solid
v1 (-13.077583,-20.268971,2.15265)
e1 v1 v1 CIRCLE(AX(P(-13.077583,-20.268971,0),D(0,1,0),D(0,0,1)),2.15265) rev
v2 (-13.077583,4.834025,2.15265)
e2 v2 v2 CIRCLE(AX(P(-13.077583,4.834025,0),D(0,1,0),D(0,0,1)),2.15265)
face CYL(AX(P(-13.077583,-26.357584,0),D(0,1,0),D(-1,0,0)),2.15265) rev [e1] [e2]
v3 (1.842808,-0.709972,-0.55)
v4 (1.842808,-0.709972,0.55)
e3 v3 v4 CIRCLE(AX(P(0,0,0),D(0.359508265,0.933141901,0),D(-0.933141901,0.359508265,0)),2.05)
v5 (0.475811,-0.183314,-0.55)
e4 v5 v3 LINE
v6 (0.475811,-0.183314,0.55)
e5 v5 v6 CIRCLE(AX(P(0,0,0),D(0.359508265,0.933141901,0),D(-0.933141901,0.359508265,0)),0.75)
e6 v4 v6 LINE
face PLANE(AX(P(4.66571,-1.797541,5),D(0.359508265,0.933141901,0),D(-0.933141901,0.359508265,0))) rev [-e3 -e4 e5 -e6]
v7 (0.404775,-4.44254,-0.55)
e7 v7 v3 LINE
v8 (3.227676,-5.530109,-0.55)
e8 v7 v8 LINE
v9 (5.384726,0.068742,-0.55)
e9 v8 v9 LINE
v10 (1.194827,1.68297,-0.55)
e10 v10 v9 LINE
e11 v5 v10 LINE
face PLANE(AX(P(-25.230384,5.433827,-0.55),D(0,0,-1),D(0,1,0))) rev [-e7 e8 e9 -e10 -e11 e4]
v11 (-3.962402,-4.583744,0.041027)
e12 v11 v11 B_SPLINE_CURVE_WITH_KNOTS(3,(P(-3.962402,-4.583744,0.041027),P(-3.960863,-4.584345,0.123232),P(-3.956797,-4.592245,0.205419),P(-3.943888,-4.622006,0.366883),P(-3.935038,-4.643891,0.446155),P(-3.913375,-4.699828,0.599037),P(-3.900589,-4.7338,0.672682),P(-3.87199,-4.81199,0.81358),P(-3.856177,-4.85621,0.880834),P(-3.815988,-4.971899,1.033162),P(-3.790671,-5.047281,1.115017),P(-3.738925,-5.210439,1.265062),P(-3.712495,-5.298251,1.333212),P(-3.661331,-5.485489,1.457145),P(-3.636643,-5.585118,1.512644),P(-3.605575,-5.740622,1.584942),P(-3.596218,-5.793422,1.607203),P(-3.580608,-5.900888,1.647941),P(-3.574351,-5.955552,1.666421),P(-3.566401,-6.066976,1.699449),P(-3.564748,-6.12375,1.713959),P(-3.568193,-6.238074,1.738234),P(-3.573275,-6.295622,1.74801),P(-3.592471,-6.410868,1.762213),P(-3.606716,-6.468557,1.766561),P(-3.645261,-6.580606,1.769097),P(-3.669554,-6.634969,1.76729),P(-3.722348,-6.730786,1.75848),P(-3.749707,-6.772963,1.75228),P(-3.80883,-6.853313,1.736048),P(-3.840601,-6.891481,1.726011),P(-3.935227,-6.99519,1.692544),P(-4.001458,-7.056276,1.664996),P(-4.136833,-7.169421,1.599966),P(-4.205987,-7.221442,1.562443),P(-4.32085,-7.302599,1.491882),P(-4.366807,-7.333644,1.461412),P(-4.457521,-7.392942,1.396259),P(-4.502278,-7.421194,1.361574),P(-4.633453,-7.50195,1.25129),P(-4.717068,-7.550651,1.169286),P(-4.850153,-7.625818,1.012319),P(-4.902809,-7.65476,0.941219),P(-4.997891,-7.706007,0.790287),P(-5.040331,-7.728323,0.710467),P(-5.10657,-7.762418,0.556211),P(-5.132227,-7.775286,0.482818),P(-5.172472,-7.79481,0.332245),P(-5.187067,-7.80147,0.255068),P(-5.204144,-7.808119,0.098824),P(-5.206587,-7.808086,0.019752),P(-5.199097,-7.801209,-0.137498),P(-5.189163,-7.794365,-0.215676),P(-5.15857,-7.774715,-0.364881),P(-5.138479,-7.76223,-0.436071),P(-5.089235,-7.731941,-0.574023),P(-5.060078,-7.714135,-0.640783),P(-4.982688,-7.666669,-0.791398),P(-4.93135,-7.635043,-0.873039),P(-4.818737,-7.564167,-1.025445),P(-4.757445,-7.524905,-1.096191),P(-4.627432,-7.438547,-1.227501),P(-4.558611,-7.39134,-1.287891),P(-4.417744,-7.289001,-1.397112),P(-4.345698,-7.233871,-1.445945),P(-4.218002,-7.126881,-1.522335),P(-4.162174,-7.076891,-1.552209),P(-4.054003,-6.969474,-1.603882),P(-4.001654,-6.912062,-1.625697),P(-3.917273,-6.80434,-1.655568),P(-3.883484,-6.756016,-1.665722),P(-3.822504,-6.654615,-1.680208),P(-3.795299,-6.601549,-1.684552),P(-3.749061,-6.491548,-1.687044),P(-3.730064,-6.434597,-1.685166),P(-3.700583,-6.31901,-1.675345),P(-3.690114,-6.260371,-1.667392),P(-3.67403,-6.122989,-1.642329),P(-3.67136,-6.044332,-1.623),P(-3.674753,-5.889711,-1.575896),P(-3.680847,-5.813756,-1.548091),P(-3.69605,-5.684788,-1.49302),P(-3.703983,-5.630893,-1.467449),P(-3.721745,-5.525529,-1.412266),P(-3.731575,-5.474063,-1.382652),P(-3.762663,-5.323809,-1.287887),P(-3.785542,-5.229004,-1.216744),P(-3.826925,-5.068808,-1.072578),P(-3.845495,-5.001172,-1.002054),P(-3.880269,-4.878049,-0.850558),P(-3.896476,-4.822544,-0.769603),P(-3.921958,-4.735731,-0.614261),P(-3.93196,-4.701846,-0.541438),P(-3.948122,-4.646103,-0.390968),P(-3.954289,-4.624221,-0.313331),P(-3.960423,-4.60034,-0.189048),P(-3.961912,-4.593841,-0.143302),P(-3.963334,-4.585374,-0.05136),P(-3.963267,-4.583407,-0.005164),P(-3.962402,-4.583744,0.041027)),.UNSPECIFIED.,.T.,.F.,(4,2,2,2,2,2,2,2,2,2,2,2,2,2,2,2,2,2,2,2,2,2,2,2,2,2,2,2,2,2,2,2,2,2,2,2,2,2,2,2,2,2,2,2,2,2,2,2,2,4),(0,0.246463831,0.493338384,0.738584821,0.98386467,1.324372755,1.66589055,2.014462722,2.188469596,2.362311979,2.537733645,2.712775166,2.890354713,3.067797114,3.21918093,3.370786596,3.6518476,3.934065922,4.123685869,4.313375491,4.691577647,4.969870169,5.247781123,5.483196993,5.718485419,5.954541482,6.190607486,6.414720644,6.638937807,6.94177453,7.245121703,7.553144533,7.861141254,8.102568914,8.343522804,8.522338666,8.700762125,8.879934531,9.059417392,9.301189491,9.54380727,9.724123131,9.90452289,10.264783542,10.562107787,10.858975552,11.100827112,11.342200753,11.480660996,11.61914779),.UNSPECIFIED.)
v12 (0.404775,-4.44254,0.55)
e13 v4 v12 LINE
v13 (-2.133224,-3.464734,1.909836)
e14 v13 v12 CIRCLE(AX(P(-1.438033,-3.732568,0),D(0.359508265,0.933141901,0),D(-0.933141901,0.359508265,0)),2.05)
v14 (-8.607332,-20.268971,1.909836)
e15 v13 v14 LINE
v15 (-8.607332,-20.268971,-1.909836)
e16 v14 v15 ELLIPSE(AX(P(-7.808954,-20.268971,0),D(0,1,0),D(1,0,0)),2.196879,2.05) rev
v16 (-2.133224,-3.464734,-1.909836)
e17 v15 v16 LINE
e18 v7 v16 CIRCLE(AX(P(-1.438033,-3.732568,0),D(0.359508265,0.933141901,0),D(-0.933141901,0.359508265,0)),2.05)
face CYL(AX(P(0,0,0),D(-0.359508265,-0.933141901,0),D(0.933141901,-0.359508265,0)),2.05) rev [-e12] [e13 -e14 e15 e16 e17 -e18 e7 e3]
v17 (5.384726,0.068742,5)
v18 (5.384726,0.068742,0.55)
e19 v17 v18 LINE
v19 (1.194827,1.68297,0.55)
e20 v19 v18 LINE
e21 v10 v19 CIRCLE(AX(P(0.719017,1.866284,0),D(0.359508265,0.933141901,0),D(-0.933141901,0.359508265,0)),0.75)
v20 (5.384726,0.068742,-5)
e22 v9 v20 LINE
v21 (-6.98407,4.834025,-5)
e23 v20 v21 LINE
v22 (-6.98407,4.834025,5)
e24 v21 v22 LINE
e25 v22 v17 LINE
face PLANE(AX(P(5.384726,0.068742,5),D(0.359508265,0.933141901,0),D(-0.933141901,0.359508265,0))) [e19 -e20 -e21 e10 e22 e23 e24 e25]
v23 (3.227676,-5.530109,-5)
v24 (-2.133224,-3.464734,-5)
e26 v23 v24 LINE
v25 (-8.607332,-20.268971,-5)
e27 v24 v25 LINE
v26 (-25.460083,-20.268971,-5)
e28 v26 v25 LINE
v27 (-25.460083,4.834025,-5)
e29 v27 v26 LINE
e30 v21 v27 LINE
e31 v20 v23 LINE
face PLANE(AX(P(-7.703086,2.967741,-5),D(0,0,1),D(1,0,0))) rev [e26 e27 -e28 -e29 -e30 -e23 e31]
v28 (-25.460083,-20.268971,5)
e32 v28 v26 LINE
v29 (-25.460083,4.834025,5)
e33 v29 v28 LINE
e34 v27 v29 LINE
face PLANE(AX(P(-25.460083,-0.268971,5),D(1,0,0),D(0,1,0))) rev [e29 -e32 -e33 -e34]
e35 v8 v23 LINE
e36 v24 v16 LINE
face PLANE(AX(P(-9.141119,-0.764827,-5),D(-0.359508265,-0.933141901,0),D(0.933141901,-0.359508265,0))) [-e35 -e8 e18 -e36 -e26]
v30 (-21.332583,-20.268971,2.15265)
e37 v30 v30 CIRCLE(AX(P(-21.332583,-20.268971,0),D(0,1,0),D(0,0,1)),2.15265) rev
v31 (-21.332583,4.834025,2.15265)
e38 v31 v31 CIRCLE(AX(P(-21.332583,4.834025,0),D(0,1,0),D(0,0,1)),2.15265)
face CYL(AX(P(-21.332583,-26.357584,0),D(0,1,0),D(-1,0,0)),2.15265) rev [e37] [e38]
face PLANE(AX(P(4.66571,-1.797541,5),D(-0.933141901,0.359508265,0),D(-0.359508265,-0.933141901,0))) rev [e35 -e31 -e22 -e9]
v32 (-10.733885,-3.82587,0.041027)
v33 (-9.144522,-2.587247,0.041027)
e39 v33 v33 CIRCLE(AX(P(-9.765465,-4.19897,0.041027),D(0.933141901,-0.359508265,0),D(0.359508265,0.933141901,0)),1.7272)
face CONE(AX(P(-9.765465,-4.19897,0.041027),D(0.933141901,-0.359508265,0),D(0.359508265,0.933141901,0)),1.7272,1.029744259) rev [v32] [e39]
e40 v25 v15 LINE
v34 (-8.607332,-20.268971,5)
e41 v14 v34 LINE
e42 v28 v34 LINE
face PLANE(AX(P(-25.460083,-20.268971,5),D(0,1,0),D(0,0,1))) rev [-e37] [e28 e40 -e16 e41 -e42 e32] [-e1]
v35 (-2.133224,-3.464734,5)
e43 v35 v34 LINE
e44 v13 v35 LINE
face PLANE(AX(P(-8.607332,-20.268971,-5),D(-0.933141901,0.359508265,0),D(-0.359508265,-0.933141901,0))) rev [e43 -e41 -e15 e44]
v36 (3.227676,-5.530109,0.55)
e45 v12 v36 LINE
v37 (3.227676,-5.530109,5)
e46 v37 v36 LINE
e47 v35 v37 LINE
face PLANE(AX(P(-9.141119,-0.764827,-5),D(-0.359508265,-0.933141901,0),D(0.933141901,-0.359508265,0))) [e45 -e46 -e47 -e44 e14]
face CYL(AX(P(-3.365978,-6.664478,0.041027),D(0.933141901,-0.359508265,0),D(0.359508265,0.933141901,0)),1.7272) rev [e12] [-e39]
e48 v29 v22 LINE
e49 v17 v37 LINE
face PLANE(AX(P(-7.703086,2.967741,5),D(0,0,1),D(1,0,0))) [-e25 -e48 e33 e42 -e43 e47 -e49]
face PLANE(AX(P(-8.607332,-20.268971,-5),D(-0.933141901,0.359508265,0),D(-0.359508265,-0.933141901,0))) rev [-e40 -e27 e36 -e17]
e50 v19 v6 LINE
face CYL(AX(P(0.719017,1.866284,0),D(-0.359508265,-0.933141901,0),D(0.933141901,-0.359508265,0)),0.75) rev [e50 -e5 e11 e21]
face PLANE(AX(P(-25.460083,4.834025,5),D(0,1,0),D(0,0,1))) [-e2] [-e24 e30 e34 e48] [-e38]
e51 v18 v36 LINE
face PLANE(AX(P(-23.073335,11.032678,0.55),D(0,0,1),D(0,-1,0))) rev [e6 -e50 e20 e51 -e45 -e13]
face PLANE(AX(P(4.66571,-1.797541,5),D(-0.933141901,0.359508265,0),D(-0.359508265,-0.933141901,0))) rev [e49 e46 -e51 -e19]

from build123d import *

# Parameters (mm, degrees)
BASE_EXTRUDE_DEPTH                 = 5
CUTAWAY_FOR_CLAMP_PLATE_WIRE_DEPTH = 11
HOLES_TO_PITCH_PLATE_REACH         = 22
SKETCH4_R                          = 2.15265
SKETCH5_R                          = 2.05
EXTRUDE1_DEPTH                     = 4
SKETCH6_R                          = 0.75
EXTRUDE2_DEPTH                     = 2
SKETCH8_W                          = 18.476012794
SKETCH8_H                          = 10
SKETCH8_R                          = 2.15265
EXTRUDE3_DEPTH                     = 5.102995
SKETCH7_R                          = 2.05
CUT_EXTRUDE1_DEPTH                 = 25.066935872
CUT_EXTRUDE3_REACH                 = 32.496
SKETCH12_W                         = 1.1
SKETCH12_H                         = 6
F_8_32_TAPPED_HOLE1_D              = 3.4544
F_8_32_TAPPED_HOLE1_DEPTH          = 6.858
F_8_32_TAPPED_HOLE1_TIP            = 1.037806461


with BuildPart() as part:
    # Sketch1 → Base-Extrude (new body, symmetric)
    with BuildSketch(Plane.XY):
        Polygon((-7.703086391, 2.967740731), (0, 0), (7.703086391, -2.967740731), (1.037503031, -20.268970563), (-25.460082654, -20.268970563), (-25.460082654, -0.268970563), (-8.950082654, -0.268970563), align=None)
    extrude(amount=BASE_EXTRUDE_DEPTH, both=True)

    # Sketch2 → Cutaway for Clamp Plate & Wire (cut, through all)
    with BuildSketch(Plane.XY.offset(5)):
        Polygon((-7.703086391, 2.967740731), (7.703086391, -2.967740731), (1.037503031, -20.268970563), (-8.607332328, -20.268970563), (-2.133223778, -3.464733945), (-9.141119453, -0.764826872), align=None)
    extrude(amount=-CUTAWAY_FOR_CLAMP_PLATE_WIRE_DEPTH, mode=Mode.SUBTRACT)

    # Sketch4 → Holes to Pitch Plate (cut, up to next)
    with BuildSketch(Plane(origin=(0, -0.268970563, 0), x_dir=(-1, 0, 0), z_dir=(0, 1, 0)), mode=Mode.PRIVATE) as holes_to_pitch_plate_sk1:
        with Locations((21.332582654, 0)):
            Circle(SKETCH4_R)
    holes_to_pitch_plate_tool1 = extrude(holes_to_pitch_plate_sk1.sketch, amount=-HOLES_TO_PITCH_PLATE_REACH, mode=Mode.PRIVATE) & part.part
    add(holes_to_pitch_plate_tool1.solids().sort_by_distance((-21.332583, -0.268971, 0))[0], mode=Mode.SUBTRACT)
    # Sketch4 → Holes to Pitch Plate (cut, up to next)
    with BuildSketch(Plane(origin=(0, -0.268970563, 0), x_dir=(-1, 0, 0), z_dir=(0, 1, 0)), mode=Mode.PRIVATE) as holes_to_pitch_plate_sk2:
        with Locations(Location((13.077582654, 0, 0), (0, 0, 90))):  # turned: the seam where the file's is
            Circle(SKETCH4_R)
    holes_to_pitch_plate_tool2 = extrude(holes_to_pitch_plate_sk2.sketch, amount=-HOLES_TO_PITCH_PLATE_REACH, mode=Mode.PRIVATE) & part.part
    add(holes_to_pitch_plate_tool2.solids().sort_by_distance((-13.077583, -0.268971, 0))[0], mode=Mode.SUBTRACT)

    # Sketch5 → Extrude1 (add)
    with BuildSketch(Plane(origin=(-1.438033062, -3.732567603, 0), x_dir=(-0.933141901, 0.359508265, 0), z_dir=(0.359508265, 0.933141901, 0))):
        Polygon((8.255, 5), (0, 5), (-5, 5), (-5, -5), (0, -5), (8.255, -5), align=None)
        with Locations(Location((0, 0, 0), (0, 0, 291.310049103))):  # turned: the seam where the file's is
            Circle(SKETCH5_R, mode=Mode.SUBTRACT)
    extrude(amount=EXTRUDE1_DEPTH)

    # Sketch6 → Extrude2 (add)
    with BuildSketch(Plane(origin=(0, 0, 0), x_dir=(-0.933141901, 0.359508265, 0), z_dir=(0.359508265, 0.933141901, 0))):
        Polygon((0, 5), (8.255, 5), (8.255, -5), (0, -5), (-5, -5), (-5, 5), align=None)
        Circle(SKETCH6_R, mode=Mode.SUBTRACT)
    extrude(amount=EXTRUDE2_DEPTH)

    # Sketch8 → Extrude3 (add)
    with BuildSketch(Plane(origin=(0, -0.268970563, 0), x_dir=(-1, 0, 0), z_dir=(0, 1, 0))):
        with Locations((16.222076257, 0)):
            Rectangle(SKETCH8_W, SKETCH8_H)
        with Locations(Location((21.332582654, 0, 0), (0, 0, 90))):  # turned: the seam where the file's is
            Circle(SKETCH8_R, mode=Mode.SUBTRACT)
        with Locations(Location((13.077582654, 0, 0), (0, 0, 90))):  # turned: the seam where the file's is
            Circle(SKETCH8_R, mode=Mode.SUBTRACT)
    extrude(amount=EXTRUDE3_DEPTH)

    # Sketch7 → Cut-Extrude1 (cut, through all)
    with BuildSketch(Plane(origin=(-1.438033062, -3.732567603, 0), x_dir=(0.933141901, -0.359508265, 0), z_dir=(-0.359508265, -0.933141901, 0))):
        with Locations(Location((0, 0, 0), (0, 0, 248.689950897))):  # turned: the seam where the file's is
            Circle(SKETCH7_R)
    extrude(amount=CUT_EXTRUDE1_DEPTH, mode=Mode.SUBTRACT)

    # Sketch12 → Cut-Extrude3 (cut, up to next)
    with BuildSketch(Plane(origin=(4.665709504, -1.797541327, 0), x_dir=(0, 0, -1), z_dir=(0.933141901, -0.359508265, 0)), mode=Mode.PRIVATE) as cut_extrude3_sk1:
        with Locations((0, -1)):
            Rectangle(SKETCH12_W, SKETCH12_H)
    cut_extrude3_tool1 = extrude(cut_extrude3_sk1.sketch, amount=-CUT_EXTRUDE3_REACH, mode=Mode.PRIVATE) & part.part
    add(cut_extrude3_tool1.solids().sort_by_distance((4.306201, -2.730683, 0))[0], mode=Mode.SUBTRACT)

    # #8-32 Tapped Hole1
    with Locations(Plane(origin=(-0.695190716, 0.267833658, 0), x_dir=(0, 0, -1), z_dir=(0.933141901, -0.359508265, 0))):
        with Locations((-0.041026912, -7.429)):
            Hole(F_8_32_TAPPED_HOLE1_D / 2, depth=F_8_32_TAPPED_HOLE1_DEPTH)
            with Locations((0, 0, -(F_8_32_TAPPED_HOLE1_DEPTH + F_8_32_TAPPED_HOLE1_TIP / 2))):  # 118° drill point
                Cone(0, F_8_32_TAPPED_HOLE1_D / 2, F_8_32_TAPPED_HOLE1_TIP, mode=Mode.SUBTRACT)


solid = part.part
